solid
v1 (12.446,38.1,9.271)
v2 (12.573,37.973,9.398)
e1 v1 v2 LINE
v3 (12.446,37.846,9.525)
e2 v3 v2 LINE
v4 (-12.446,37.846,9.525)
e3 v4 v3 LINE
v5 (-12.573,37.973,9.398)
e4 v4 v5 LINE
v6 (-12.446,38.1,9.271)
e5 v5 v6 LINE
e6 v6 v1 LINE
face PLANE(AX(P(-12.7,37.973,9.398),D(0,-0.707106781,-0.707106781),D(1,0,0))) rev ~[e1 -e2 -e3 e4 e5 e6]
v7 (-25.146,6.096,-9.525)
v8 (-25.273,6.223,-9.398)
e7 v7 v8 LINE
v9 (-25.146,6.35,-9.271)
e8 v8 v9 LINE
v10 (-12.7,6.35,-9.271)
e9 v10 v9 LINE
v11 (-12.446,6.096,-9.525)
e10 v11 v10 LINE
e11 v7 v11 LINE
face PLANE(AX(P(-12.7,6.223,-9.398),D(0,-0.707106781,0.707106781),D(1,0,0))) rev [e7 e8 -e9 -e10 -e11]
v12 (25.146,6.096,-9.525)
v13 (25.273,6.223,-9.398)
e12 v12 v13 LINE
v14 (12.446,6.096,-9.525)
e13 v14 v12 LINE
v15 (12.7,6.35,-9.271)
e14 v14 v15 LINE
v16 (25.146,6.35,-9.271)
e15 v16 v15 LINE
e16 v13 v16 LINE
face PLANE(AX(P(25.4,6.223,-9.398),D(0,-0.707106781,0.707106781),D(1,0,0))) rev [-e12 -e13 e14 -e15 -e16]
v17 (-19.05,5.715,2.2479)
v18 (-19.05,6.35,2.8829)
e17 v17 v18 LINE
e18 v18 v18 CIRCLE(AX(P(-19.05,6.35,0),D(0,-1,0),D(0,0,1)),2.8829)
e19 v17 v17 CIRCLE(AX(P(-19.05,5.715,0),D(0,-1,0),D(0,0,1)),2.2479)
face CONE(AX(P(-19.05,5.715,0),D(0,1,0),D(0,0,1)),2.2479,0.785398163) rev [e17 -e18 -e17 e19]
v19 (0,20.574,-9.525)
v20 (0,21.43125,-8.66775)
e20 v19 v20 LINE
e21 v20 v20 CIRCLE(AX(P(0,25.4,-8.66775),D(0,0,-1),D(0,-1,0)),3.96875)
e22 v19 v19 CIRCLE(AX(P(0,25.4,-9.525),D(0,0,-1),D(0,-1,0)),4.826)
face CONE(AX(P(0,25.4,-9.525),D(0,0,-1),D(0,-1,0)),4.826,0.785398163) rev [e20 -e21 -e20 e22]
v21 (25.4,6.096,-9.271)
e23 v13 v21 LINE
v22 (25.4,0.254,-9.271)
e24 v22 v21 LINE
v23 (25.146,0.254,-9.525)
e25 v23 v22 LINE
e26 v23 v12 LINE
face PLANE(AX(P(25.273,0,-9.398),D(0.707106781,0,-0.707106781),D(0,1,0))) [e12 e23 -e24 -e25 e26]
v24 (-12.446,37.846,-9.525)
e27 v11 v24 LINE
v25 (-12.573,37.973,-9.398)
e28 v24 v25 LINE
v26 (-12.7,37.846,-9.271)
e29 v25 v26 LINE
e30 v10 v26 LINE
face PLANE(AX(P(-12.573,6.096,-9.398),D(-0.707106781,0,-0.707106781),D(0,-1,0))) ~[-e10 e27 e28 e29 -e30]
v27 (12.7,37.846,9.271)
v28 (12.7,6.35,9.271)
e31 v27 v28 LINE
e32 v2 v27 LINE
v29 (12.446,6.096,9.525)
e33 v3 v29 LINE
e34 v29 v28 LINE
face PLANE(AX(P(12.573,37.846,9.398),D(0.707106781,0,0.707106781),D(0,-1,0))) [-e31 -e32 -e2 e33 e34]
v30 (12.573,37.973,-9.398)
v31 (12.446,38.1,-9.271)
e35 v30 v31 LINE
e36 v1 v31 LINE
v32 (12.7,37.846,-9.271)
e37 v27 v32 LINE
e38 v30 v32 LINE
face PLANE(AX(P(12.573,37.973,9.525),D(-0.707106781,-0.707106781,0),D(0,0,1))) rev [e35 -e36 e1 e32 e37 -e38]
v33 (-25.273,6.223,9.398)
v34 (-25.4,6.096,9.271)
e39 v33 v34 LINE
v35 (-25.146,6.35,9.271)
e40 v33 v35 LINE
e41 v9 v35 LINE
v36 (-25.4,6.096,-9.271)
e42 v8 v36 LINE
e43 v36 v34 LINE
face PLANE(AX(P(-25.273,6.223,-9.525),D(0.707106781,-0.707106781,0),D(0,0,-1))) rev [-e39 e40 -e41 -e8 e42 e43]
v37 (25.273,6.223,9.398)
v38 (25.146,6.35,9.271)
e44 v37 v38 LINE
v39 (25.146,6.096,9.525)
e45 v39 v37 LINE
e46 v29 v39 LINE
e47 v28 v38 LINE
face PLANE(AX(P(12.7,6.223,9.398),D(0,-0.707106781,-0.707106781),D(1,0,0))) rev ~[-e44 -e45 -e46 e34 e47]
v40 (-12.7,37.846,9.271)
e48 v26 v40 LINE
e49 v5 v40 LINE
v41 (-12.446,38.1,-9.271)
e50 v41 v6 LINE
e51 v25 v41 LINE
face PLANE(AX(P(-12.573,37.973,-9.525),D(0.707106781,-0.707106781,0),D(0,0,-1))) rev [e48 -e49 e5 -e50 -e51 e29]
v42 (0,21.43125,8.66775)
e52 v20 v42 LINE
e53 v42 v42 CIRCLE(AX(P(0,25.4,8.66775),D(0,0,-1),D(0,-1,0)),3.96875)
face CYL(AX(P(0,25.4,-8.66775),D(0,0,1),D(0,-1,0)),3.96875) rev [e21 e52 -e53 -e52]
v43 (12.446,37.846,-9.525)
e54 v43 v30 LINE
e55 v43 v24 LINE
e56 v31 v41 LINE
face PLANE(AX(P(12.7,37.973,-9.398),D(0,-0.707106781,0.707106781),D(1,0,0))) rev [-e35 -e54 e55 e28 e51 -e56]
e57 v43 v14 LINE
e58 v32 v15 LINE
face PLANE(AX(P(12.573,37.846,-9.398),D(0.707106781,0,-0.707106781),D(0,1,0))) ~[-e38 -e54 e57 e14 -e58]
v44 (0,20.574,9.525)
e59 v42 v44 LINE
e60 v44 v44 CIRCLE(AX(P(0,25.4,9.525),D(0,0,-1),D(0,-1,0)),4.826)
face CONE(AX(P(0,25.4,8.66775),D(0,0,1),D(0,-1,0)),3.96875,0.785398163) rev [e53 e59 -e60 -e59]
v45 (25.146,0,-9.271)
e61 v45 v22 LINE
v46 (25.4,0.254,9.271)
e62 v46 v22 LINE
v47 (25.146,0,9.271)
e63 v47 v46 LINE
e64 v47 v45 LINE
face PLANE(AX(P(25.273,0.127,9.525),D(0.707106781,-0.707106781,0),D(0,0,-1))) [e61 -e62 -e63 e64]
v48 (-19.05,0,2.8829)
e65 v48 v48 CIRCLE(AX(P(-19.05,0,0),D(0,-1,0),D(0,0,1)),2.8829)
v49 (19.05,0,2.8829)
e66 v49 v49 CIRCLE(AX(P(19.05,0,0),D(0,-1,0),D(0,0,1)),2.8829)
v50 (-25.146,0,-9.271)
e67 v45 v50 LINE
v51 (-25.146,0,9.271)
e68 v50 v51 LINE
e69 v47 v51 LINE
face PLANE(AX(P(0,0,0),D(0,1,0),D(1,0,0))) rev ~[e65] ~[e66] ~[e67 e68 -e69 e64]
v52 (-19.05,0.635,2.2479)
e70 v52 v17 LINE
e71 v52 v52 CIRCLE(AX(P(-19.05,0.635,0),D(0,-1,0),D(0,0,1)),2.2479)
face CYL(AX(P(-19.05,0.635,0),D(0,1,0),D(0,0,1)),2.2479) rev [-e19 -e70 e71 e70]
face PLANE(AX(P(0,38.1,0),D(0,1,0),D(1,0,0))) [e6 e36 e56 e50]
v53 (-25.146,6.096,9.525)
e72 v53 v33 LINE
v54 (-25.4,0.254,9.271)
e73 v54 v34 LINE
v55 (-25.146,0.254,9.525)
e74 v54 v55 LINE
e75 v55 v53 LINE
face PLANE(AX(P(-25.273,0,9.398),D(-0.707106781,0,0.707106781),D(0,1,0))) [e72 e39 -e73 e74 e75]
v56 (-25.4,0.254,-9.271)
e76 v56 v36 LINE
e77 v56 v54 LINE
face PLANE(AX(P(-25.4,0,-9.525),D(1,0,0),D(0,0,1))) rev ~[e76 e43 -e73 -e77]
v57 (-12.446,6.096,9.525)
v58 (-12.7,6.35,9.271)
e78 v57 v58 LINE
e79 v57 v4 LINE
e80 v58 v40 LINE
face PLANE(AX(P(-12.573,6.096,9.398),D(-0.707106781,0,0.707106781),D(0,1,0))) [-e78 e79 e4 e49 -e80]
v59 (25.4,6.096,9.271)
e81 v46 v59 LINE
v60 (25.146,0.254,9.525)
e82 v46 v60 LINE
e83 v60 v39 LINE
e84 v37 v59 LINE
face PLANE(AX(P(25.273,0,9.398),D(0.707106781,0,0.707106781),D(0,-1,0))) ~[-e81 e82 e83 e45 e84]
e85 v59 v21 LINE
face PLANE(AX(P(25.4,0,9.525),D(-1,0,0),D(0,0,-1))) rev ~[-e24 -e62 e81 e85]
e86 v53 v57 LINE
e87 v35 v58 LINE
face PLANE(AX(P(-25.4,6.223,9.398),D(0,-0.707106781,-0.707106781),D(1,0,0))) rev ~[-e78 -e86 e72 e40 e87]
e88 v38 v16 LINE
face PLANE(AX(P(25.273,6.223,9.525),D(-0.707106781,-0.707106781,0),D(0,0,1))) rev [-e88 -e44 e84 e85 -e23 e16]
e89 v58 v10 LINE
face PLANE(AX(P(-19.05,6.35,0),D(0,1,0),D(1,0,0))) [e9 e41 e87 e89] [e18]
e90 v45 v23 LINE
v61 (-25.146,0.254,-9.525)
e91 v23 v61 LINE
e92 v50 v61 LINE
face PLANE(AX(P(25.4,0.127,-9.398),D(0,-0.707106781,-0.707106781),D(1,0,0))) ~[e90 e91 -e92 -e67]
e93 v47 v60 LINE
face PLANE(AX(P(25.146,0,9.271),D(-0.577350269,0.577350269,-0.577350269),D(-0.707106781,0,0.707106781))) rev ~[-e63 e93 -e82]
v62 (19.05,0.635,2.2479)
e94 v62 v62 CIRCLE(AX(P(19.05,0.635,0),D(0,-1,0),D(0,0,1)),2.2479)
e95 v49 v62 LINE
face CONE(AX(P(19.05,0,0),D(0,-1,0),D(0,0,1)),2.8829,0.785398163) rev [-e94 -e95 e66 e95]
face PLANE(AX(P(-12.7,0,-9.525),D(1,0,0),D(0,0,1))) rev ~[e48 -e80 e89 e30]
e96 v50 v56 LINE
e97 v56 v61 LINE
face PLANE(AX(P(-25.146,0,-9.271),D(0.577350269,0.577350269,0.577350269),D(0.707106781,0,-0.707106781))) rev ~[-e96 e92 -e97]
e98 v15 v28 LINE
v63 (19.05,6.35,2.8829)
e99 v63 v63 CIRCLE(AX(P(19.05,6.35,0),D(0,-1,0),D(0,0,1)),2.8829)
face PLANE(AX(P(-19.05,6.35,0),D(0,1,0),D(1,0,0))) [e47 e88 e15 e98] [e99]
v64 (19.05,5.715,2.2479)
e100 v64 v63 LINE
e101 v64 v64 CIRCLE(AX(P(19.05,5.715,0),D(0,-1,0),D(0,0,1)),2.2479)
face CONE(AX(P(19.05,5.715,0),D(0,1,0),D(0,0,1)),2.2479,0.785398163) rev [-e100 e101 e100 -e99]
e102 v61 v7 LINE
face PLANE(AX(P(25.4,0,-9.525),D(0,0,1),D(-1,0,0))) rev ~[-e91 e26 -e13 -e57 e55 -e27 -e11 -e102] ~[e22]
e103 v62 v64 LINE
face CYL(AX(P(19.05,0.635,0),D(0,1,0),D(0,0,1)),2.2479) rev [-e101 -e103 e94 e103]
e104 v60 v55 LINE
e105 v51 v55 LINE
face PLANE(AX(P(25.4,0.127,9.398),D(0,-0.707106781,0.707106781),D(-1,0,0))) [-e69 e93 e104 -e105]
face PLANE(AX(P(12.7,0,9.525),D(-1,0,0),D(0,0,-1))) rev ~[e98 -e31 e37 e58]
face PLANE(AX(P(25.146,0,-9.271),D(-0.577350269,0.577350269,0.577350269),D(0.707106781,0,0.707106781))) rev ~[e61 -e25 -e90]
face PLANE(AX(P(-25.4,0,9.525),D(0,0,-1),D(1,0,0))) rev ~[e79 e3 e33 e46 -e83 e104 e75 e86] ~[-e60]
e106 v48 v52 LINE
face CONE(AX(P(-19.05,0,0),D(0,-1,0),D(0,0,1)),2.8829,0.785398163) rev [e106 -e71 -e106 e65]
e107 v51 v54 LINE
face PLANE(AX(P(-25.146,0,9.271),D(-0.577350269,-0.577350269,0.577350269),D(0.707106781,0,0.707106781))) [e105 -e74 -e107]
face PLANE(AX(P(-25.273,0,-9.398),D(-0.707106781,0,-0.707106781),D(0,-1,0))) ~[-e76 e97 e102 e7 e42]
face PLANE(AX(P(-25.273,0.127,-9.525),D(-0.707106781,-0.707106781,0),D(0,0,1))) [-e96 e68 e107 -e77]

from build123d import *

# Parameters (mm, degrees)
BOSS_EXTRUDE1_DEPTH            = 6.35
BOSS_EXTRUDE2_DEPTH            = 38.1
F_8_CLEARANCE_HOLE1_AT_2_COUNT = 2
F_8_CLEARANCE_HOLE1_AT_2_PITCH = 38.1
CHAMFER1_SIZE                  = 0.254
CHAMFER2_SIZE                  = 0.254


with BuildPart() as part:
    # Sketch1 → Boss-Extrude1 (new body)
    with BuildSketch(Plane(origin=(0, 0, 0), x_dir=(1, 0, 0), z_dir=(0, 1, 0))):
        Polygon((-25.4, 9.525), (-25.4, -9.525), (-12.699999999999996, -9.525), (-12.700000000000003, 9.524999999999993), align=None)
        Polygon((-12.700000000000003, 9.524999999999993), (-12.699999999999996, -9.525), (12.700000000000003, -9.525), (12.700000000000003, 9.524999999999997), align=None)
        Polygon((12.700000000000003, 9.524999999999997), (12.700000000000003, -9.524999999999997), (25.4, -9.525), (25.4, 9.525), align=None)
    extrude(amount=BOSS_EXTRUDE1_DEPTH)

    # Sketch1<3> → Boss-Extrude2 (add)
    with BuildSketch(Plane(origin=(0, 0, 0), x_dir=(1, 0, 0), z_dir=(0, 1, 0))):
        Polygon((-12.700000000000003, 9.524999999999993), (-12.699999999999996, -9.525), (12.700000000000003, -9.525), (12.700000000000003, 9.524999999999997), align=None)
    extrude(amount=BOSS_EXTRUDE2_DEPTH)

    # Sketch4 → 3/8-16 Tapped Hole1 (revolve, cut)
    with BuildSketch(Plane(origin=(0, 25.4, 9.525), x_dir=(0, -1, 0), z_dir=(1, 0, 0))):
        Polygon((0, 0), (-4.67e-15, 19.05), (4.825999999999995, 19.05), (3.9687499999999956, 18.192749999999993), (3.9687499999999973, 0.8572500000000004), (4.826, 0), align=None)
    revolve(axis=Axis((0, 25.4, 15.874999999999991), (0, 0, -1)), mode=Mode.SUBTRACT)

    # Sketch8 → #8 Clearance Hole1 (revolve, cut)
    with BuildSketch(Plane(origin=(-19.05, 6.35, 4.66e-15), x_dir=(0, 0, 1), z_dir=(1, 0, 0))):
        Polygon((0, 0), (-1.56e-15, 6.350000000000001), (2.8828999999999985, 6.350000000000001), (2.247899999999996, 5.714999999999998), (2.247899999999997, 0.6350000000000001), (2.8829, 0), align=None)
    f_8_clearance_hole1 = revolve(axis=Axis((-19.05, 12.69999999999999, 4.66e-15), (0, -1, 0)), mode=Mode.SUBTRACT)

    # #8 Clearance Hole1 at 2: #8 Clearance Hole1 ×2
    with Locations(*[(i * F_8_CLEARANCE_HOLE1_AT_2_PITCH, 0, 0) for i in range(1, F_8_CLEARANCE_HOLE1_AT_2_COUNT)]):
        add(f_8_clearance_hole1, mode=Mode.SUBTRACT)

    # Chamfer1
    chamfer1_edges = [part.edges().sort_by_distance(p)[0] for p in [
        (25.4, 6.35, 0),
        (-19.05, 6.35, -9.525),
        (19.050000000000004, 6.35, 9.525),
        (19.050000000000004, 6.35, -9.525),
        (-25.4, 6.35, 0),
        (0, 38.1, -9.525),
        (-12.7, 38.1, 3.55e-15),
        (3.55e-15, 38.1, 9.525),
        (12.700000000000003, 38.1, 0),
        (-19.049999999999997, 6.35, 9.525),
    ]]
    chamfer(chamfer1_edges, length=CHAMFER1_SIZE)

    # Chamfer2
    chamfer2_edges = [part.edges().sort_by_distance(p)[0] for p in [
        (25.4, 3.048, -9.525),
        (25.4, 3.048, 9.525),
        (-25.4, 3.048, -9.525),
        (-25.4, 3.048, 9.525),
        (-25.4, 0, 0),
        (0, 0, -9.525),
        (25.4, 0, 0),
        (0, 0, 9.525),
        (12.700000000000003, 21.971000000000004, -9.524999999999999),
        (12.700000000000003, 21.971000000000004, 9.524999999999999),
        (-12.699999999999996, 21.971000000000004, 9.525),
        (-12.700000000000003, 21.971000000000004, -9.524999999999999),
    ]]
    chamfer(chamfer2_edges, length=CHAMFER2_SIZE)


solid = part.part
